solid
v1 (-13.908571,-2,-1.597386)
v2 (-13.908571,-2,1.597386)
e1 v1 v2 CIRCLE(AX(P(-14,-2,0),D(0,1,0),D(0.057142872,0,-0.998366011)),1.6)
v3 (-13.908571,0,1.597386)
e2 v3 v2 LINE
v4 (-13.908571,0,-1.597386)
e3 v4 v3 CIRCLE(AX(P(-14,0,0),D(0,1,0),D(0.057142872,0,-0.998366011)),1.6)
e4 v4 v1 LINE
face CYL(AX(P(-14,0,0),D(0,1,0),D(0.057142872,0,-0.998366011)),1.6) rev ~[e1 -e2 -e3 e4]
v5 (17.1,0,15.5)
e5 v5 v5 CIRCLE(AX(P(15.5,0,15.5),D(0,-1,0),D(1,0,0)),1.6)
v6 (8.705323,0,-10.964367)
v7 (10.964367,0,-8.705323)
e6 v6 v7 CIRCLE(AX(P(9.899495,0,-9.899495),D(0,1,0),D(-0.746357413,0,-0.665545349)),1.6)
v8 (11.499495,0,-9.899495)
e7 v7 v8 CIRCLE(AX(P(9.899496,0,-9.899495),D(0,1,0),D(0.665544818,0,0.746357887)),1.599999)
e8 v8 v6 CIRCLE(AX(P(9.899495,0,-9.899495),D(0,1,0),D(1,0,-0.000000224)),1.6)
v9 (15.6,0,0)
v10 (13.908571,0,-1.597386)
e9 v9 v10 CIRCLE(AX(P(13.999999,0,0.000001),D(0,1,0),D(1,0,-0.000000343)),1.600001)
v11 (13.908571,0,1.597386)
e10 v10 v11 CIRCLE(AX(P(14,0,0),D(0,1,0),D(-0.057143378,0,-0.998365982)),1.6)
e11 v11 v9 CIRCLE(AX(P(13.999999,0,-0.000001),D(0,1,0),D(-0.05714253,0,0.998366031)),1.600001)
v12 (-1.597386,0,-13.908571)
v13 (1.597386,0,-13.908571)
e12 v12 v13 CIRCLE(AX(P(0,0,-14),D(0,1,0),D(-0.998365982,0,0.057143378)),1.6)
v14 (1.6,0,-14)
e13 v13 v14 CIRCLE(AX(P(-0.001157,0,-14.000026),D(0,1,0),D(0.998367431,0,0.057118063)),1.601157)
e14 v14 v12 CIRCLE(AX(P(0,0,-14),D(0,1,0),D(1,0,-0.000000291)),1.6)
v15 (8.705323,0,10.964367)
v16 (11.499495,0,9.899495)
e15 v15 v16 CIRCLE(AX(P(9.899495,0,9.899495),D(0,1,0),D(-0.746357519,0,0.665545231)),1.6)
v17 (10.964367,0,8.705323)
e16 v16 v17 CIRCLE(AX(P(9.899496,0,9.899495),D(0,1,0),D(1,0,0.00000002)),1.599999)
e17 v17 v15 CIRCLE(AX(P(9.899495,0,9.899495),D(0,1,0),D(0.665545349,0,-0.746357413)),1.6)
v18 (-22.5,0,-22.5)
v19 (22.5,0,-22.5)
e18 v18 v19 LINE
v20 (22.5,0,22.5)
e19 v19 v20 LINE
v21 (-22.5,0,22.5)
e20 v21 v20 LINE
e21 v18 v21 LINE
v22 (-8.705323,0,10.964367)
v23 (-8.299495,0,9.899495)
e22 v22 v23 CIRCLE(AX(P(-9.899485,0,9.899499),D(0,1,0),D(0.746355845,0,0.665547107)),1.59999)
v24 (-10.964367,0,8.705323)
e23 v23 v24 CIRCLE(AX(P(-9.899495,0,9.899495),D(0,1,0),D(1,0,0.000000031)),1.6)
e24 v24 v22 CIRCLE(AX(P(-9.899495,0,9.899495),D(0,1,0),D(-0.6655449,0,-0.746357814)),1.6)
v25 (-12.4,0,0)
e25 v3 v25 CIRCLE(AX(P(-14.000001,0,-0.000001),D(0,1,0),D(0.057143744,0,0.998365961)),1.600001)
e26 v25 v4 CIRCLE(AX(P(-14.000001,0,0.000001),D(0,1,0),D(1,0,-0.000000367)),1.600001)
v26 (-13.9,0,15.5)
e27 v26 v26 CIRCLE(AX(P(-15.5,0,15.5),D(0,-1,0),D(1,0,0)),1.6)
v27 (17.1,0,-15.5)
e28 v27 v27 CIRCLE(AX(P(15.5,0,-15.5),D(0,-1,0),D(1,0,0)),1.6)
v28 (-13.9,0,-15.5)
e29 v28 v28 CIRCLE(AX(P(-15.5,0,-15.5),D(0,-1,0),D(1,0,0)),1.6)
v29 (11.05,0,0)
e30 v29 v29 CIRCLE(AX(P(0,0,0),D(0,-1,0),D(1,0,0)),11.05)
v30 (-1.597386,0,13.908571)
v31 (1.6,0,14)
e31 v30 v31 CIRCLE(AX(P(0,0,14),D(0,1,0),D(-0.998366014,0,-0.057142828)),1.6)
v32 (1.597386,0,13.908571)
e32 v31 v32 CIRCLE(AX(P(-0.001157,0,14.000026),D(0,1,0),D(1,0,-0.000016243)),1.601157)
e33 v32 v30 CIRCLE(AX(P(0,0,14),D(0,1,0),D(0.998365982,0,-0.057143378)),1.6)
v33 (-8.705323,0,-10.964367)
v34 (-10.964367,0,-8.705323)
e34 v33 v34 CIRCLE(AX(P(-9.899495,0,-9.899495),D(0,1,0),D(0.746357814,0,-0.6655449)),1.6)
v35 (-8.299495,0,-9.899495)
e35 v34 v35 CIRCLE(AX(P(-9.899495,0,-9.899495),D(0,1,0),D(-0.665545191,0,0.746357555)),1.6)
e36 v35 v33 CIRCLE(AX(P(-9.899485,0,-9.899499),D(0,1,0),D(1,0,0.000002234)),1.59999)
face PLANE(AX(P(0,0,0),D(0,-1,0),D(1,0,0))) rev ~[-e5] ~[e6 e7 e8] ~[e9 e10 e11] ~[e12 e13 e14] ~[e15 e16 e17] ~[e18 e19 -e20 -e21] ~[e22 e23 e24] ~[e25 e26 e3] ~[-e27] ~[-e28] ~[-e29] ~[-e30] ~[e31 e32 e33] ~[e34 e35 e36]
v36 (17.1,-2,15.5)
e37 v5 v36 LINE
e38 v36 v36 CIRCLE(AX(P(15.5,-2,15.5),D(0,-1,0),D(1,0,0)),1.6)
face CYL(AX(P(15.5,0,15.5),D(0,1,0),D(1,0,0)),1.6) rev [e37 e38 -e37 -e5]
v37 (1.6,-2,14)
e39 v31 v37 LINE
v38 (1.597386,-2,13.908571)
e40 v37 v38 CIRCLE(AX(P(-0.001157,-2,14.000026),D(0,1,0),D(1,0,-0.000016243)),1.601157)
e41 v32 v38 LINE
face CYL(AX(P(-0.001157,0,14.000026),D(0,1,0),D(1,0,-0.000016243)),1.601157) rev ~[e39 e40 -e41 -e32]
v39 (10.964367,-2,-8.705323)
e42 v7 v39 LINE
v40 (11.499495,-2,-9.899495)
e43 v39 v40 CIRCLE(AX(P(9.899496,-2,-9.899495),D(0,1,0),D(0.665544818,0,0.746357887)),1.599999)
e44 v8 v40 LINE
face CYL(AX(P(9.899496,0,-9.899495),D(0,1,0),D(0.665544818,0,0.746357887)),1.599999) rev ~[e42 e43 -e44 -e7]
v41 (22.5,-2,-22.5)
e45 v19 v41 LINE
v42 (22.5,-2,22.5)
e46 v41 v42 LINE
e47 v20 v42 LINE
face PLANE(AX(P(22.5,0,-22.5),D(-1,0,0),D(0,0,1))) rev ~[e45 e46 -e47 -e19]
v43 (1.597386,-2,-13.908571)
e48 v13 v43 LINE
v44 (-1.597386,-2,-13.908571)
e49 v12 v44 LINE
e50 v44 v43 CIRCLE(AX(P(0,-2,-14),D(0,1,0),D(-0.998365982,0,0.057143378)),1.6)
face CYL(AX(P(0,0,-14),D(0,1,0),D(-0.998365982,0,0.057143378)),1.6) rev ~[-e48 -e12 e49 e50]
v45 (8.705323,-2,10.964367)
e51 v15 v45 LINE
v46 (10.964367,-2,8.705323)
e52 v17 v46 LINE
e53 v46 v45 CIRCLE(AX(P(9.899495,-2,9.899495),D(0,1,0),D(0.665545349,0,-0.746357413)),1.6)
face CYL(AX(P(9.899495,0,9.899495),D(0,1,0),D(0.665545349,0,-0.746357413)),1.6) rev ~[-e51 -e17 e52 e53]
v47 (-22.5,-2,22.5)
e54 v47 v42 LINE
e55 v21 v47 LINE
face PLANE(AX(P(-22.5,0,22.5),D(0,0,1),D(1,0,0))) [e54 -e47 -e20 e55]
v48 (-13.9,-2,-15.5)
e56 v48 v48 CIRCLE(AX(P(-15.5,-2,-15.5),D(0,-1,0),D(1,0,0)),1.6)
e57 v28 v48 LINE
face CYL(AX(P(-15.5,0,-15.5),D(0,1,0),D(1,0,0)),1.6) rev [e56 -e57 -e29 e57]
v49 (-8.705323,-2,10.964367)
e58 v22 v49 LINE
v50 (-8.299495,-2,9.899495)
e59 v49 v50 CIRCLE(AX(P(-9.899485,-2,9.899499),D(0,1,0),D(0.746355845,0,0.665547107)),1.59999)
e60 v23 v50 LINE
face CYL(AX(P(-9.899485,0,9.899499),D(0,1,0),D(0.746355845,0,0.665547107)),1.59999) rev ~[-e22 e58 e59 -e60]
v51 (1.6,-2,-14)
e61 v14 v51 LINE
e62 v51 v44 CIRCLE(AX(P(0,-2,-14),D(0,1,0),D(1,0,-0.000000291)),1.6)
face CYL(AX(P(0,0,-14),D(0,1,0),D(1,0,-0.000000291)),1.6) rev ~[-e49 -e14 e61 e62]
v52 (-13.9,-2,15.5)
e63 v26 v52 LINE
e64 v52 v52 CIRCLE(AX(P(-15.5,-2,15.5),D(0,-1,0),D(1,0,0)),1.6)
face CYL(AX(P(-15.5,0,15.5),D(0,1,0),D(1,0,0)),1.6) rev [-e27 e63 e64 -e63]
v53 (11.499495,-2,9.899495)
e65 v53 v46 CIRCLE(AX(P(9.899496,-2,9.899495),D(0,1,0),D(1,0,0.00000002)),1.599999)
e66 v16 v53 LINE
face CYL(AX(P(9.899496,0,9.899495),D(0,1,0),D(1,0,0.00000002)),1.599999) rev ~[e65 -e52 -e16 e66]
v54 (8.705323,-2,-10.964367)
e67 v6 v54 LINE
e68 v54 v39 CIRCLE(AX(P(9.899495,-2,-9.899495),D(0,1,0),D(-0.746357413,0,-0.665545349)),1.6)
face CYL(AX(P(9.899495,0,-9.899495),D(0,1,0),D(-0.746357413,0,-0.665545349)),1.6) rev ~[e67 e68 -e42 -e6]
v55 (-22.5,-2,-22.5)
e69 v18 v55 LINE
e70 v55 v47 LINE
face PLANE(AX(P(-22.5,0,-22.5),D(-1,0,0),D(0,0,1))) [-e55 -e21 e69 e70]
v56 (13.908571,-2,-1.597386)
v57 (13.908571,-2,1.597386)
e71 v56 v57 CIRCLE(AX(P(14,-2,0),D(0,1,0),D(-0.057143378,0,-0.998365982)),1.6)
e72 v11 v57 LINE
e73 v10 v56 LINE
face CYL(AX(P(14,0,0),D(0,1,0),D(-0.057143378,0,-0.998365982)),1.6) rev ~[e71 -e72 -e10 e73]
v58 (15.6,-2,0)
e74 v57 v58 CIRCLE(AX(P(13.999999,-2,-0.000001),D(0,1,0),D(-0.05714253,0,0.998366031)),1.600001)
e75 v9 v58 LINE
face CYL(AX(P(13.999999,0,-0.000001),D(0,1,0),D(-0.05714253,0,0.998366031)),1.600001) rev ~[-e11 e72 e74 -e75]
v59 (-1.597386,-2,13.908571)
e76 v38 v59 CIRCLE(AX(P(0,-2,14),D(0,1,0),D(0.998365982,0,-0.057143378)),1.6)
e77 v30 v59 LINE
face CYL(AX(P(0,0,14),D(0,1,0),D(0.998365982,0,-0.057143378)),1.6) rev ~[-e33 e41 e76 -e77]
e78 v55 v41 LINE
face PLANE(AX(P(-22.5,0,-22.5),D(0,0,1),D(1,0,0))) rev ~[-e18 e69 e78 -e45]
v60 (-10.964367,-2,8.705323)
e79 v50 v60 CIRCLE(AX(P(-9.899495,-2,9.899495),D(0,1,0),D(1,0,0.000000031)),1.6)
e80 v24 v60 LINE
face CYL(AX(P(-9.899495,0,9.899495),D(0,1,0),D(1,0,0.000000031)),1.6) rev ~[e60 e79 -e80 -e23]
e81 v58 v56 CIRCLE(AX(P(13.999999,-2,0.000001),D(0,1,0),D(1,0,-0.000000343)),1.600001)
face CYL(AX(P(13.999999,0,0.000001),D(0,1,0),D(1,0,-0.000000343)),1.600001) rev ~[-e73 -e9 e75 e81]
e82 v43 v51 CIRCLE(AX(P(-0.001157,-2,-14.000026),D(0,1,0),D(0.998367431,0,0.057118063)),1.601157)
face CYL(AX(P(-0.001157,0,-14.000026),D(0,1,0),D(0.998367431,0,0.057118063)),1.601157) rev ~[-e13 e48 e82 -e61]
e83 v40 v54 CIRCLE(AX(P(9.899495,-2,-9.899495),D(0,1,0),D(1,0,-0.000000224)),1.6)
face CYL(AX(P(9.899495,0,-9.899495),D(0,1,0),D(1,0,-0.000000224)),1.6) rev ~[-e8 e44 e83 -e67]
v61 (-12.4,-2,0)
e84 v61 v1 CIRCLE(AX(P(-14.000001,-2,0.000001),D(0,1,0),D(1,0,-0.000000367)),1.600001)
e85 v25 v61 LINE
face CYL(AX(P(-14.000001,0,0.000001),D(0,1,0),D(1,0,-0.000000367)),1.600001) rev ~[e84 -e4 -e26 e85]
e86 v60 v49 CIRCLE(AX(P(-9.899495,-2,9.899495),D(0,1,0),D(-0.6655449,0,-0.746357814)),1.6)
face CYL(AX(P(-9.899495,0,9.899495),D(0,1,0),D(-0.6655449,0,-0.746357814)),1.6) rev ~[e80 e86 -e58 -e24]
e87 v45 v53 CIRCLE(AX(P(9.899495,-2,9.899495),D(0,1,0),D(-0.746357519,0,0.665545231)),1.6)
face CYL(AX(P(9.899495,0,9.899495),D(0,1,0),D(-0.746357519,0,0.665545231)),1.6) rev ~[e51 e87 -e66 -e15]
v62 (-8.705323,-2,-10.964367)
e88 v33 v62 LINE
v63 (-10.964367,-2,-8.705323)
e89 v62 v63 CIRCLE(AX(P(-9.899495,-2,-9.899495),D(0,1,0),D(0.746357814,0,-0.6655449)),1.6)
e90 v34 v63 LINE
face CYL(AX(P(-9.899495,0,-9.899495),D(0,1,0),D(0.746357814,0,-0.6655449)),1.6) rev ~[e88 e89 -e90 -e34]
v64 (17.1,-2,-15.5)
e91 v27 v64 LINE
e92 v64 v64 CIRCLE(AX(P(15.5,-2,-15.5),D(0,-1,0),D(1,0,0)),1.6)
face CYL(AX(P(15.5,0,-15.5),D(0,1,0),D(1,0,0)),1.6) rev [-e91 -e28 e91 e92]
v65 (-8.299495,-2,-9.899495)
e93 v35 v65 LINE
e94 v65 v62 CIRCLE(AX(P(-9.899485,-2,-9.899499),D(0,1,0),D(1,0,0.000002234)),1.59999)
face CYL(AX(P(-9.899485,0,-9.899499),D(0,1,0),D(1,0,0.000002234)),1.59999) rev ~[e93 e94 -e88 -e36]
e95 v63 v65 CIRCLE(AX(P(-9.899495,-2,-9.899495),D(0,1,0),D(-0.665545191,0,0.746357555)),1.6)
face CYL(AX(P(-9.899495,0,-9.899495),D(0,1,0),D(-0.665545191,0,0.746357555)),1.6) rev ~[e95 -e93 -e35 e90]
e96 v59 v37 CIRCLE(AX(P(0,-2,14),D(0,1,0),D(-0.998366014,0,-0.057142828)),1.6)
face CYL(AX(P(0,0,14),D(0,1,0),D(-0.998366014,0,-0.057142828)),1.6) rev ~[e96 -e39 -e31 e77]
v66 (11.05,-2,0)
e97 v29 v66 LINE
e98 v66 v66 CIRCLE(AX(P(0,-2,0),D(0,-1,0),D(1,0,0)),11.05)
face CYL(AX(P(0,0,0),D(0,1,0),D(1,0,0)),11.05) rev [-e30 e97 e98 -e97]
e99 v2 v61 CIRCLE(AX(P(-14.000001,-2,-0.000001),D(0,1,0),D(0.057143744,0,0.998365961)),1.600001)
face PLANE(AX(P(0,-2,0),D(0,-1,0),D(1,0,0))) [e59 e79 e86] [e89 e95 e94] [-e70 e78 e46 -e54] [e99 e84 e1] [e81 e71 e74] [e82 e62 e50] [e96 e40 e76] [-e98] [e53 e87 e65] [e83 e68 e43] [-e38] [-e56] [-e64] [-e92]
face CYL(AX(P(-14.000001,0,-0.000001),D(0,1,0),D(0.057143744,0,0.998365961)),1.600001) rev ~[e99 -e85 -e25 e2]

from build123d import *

# Parameters (mm, degrees)
F0_W     = 45
F0_H     = 45
F0_R     = 1.6
F0_R_2   = 11.05
F1_DEPTH = 2


with BuildPart() as f1:
    # F0 (on Front) → F1 (new body)
    with BuildSketch(Plane.XZ):
        Rectangle(F0_W, F0_H)
        with Locations((-15.5, -15.5)):
            Circle(F0_R, mode=Mode.SUBTRACT)
        with Locations((15.5, -15.5)):
            Circle(F0_R, mode=Mode.SUBTRACT)
        with Locations((-15.5, 15.5)):
            Circle(F0_R, mode=Mode.SUBTRACT)
        with BuildLine():
            ThreePointArc((10.964367, 8.705323), (12.934313, 5.357568), (13.908571, 1.597386))
            ThreePointArc((13.908571, 1.597386), (15.09857, 1.163247), (15.6, 0))
            ThreePointArc((15.6, 0), (15.09857, -1.163247), (13.908571, -1.597386))
            ThreePointArc((13.908571, -1.597386), (12.934313, -5.357568), (10.964367, -8.705323))
            ThreePointArc((10.964367, -8.705323), (11.359597, -9.2452), (11.499495, -9.899495))
            ThreePointArc((11.499495, -9.899495), (10.469287, -11.394599), (8.705323, -10.964367))
            ThreePointArc((8.705323, -10.964367), (5.357568, -12.934313), (1.597386, -13.908571))
            ThreePointArc((1.597386, -13.908571), (1.599346, -13.954267), (1.6, -14))
            ThreePointArc((1.6, -14), (-0.045733, -15.599346), (-1.597386, -13.908571))
            ThreePointArc((-1.597386, -13.908571), (-5.357568, -12.934313), (-8.705323, -10.964367))
            ThreePointArc((-8.705323, -10.964367), (-11.030866, -11.030866), (-10.964367, -8.705323))
            ThreePointArc((-10.964367, -8.705323), (-12.934313, -5.357568), (-13.908571, -1.597386))
            ThreePointArc((-13.908571, -1.597386), (-15.6, 0), (-13.908571, 1.597386))
            ThreePointArc((-13.908571, 1.597386), (-12.934313, 5.357568), (-10.964367, 8.705323))
            ThreePointArc((-10.964367, 8.705323), (-11.030866, 11.030866), (-8.705323, 10.964367))
            ThreePointArc((-8.705323, 10.964367), (-5.357568, 12.934313), (-1.597386, 13.908571))
            ThreePointArc((-1.597386, 13.908571), (-0.045733, 15.599346), (1.6, 14))
            ThreePointArc((1.6, 14), (1.599346, 13.954267), (1.597386, 13.908571))
            ThreePointArc((1.597386, 13.908571), (5.357568, 12.934313), (8.705323, 10.964367))
            ThreePointArc((8.705323, 10.964367), (10.469287, 11.394599), (11.499495, 9.899495))
            ThreePointArc((11.499495, 9.899495), (11.359597, 9.2452), (10.964367, 8.705323))
        make_face(mode=Mode.SUBTRACT)
        with Locations((15.5, 15.5)):
            Circle(F0_R, mode=Mode.SUBTRACT)
        with BuildLine():
            ThreePointArc((13.908571, -1.597386), (12.4, 0), (13.908571, 1.597386))
            ThreePointArc((13.908571, 1.597386), (12.934313, 5.357568), (10.964367, 8.705323))
            ThreePointArc((10.964367, 8.705323), (8.768124, 8.768124), (8.705323, 10.964367))
            ThreePointArc((8.705323, 10.964367), (5.357568, 12.934313), (1.597386, 13.908571))
            ThreePointArc((1.597386, 13.908571), (0, 12.4), (-1.597386, 13.908571))
            ThreePointArc((-1.597386, 13.908571), (-5.357568, 12.934313), (-8.705323, 10.964367))
            ThreePointArc((-8.705323, 10.964367), (-8.40439, 10.469287), (-8.299495, 9.899495))
            ThreePointArc((-8.299495, 9.899495), (-9.2452, 8.439393), (-10.964367, 8.705323))
            ThreePointArc((-10.964367, 8.705323), (-12.934313, 5.357568), (-13.908571, 1.597386))
            ThreePointArc((-13.908571, 1.597386), (-12.836753, 1.09857), (-12.4, 0))
            ThreePointArc((-12.4, 0), (-12.836753, -1.09857), (-13.908571, -1.597386))
            ThreePointArc((-13.908571, -1.597386), (-12.934313, -5.357568), (-10.964367, -8.705323))
            ThreePointArc((-10.964367, -8.705323), (-9.2452, -8.439393), (-8.299495, -9.899495))
            ThreePointArc((-8.299495, -9.899495), (-8.40439, -10.469287), (-8.705323, -10.964367))
            ThreePointArc((-8.705323, -10.964367), (-5.357568, -12.934313), (-1.597386, -13.908571))
            ThreePointArc((-1.597386, -13.908571), (0, -12.4), (1.597386, -13.908571))
            ThreePointArc((1.597386, -13.908571), (5.357568, -12.934313), (8.705323, -10.964367))
            ThreePointArc((8.705323, -10.964367), (8.768124, -8.768124), (10.964367, -8.705323))
            ThreePointArc((10.964367, -8.705323), (12.934313, -5.357568), (13.908571, -1.597386))
        make_face()
        Circle(F0_R_2, mode=Mode.SUBTRACT)
    extrude(amount=F1_DEPTH)


solid = f1.part
